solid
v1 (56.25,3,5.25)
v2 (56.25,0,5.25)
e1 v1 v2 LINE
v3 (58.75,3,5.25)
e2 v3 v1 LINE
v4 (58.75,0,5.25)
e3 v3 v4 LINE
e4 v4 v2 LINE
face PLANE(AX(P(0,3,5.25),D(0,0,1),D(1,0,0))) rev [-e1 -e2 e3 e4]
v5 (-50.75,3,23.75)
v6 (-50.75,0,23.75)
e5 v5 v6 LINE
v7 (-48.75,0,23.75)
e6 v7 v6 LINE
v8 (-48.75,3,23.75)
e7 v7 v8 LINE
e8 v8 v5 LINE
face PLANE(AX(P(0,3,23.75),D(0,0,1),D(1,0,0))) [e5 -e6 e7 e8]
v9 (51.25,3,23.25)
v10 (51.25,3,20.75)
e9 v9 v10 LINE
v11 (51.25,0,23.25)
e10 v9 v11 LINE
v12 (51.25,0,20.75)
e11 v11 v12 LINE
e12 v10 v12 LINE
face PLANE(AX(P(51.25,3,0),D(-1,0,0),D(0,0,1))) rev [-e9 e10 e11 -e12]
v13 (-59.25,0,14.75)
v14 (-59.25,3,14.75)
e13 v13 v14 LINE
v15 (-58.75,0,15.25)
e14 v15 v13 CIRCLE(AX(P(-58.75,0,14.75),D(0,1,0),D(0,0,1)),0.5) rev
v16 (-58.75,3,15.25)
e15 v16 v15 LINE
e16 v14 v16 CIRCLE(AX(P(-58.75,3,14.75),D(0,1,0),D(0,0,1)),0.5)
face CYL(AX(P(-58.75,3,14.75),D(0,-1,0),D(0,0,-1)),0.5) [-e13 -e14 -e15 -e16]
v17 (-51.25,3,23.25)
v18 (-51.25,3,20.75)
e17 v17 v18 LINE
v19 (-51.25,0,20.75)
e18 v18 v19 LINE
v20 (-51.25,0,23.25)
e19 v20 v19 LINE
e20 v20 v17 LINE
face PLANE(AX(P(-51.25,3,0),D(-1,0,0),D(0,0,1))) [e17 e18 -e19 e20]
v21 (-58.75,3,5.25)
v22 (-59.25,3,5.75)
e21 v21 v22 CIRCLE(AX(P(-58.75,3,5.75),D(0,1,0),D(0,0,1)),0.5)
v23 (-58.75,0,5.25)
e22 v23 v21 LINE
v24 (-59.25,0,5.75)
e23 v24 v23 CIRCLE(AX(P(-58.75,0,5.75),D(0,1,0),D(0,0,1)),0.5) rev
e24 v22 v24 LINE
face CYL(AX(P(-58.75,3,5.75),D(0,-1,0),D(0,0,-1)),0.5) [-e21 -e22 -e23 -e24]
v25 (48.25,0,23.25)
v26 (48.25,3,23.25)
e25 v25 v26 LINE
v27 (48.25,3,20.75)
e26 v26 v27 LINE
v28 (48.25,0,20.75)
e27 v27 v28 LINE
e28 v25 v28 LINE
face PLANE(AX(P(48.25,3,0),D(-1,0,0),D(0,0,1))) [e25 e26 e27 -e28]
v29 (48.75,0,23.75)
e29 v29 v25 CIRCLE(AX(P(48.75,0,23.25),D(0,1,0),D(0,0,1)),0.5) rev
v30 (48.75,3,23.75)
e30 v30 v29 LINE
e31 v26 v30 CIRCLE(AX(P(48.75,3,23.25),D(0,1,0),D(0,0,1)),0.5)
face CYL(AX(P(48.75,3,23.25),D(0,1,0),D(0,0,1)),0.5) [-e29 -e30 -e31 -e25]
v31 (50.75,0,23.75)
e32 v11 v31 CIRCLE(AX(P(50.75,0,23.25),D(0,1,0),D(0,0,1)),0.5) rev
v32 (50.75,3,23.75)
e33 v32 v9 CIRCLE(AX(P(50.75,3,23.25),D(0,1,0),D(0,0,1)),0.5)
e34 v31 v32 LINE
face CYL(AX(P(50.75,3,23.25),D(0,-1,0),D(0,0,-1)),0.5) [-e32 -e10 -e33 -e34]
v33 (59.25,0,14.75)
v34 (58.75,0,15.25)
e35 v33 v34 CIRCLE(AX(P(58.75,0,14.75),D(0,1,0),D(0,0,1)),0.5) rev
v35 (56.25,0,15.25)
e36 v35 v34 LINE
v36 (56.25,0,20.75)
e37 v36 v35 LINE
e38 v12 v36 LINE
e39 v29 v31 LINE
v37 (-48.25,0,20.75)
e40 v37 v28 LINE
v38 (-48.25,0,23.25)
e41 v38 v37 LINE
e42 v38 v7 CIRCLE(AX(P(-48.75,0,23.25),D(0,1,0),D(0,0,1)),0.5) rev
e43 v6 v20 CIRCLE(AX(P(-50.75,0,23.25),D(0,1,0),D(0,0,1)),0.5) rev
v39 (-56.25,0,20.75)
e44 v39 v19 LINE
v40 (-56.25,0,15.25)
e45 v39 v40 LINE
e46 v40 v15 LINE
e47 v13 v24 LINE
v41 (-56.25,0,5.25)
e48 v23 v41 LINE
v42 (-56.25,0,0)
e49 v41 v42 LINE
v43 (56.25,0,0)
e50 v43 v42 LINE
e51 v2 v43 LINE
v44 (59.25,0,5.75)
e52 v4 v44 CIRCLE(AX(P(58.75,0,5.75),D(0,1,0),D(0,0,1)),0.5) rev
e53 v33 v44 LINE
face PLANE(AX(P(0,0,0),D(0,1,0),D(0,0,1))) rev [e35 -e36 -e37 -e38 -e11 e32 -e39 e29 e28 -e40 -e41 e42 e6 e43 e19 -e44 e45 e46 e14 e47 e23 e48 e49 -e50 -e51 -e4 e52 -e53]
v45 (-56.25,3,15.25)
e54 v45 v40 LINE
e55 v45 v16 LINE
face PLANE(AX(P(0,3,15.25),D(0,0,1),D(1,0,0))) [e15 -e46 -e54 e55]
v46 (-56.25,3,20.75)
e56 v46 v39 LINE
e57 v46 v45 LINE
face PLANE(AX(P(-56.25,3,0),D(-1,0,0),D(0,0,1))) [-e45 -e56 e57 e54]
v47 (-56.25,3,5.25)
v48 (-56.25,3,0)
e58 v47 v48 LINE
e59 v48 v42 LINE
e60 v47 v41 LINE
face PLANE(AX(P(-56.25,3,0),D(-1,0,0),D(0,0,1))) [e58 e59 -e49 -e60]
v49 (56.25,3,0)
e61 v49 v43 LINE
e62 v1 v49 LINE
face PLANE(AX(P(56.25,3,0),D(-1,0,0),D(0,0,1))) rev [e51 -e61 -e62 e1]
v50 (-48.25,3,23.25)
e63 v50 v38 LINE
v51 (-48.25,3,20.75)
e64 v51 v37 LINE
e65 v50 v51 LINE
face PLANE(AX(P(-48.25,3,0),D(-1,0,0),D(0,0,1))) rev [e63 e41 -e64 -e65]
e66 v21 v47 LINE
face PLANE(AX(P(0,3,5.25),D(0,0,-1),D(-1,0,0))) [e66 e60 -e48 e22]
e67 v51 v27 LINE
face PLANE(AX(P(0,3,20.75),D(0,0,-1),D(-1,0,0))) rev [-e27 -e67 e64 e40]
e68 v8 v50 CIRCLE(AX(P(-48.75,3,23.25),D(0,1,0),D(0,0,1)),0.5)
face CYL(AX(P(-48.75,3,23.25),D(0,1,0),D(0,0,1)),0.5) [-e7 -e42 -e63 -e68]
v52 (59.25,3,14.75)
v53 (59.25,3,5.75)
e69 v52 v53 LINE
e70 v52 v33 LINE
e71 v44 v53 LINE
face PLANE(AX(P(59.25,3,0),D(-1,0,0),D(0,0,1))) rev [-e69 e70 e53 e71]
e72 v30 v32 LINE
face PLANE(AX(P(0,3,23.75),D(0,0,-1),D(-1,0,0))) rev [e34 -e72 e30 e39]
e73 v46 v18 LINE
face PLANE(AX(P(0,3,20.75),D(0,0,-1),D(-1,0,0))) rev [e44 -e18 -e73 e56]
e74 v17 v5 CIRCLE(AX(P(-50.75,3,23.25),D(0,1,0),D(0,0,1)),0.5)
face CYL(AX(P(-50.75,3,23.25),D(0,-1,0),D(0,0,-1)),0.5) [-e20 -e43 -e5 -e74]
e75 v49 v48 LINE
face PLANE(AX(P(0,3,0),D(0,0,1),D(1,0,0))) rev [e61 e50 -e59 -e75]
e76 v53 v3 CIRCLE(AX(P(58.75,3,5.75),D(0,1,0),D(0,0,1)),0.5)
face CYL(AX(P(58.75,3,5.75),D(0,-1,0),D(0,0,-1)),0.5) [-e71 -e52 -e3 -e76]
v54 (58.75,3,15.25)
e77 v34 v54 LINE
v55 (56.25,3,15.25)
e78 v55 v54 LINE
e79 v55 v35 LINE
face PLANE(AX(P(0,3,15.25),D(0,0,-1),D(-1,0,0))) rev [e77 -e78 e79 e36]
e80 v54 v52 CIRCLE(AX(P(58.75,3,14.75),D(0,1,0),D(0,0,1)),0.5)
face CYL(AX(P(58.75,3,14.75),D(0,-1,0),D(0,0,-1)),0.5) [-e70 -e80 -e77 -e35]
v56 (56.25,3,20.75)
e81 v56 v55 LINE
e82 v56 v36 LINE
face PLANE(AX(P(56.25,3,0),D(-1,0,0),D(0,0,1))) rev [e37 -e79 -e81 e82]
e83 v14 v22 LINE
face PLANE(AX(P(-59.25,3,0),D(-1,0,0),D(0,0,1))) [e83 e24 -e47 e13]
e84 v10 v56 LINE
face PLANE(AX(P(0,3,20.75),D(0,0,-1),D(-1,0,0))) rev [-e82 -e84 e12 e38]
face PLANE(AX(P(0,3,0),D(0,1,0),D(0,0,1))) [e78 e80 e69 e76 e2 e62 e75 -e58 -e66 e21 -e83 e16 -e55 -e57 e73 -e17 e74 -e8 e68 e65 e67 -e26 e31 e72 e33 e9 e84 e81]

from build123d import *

# Parameters (mm, degrees)
SKETCH_1_W      = 3
SKETCH_1_H      = 3
EXTRUDE_1_DEPTH = 3
FILLET_1_R      = 0.5


with BuildPart() as part:
    # Эскиз1 → Бобышка-Вытянуть1 (new body)
    with BuildSketch(Plane(origin=(0, 0, 0), x_dir=(1, 0, 0), z_dir=(0, 1, 0))):
        Polygon((-56.25, -20.75), (56.25, -20.75), (56.25, -15.25), (59.25, -15.25), (59.25, -5.25), (56.25, -5.25), (56.25, 0), (-56.25, 0), (-56.25, -5.25), (-59.25, -5.25), (-59.25, -15.25), (-56.25, -15.25), align=None)
        with Locations((49.75, -22.25)):
            Rectangle(SKETCH_1_W, SKETCH_1_H)
        with Locations((-49.75, -22.25)):
            Rectangle(SKETCH_1_W, SKETCH_1_H)
    extrude(amount=EXTRUDE_1_DEPTH)

    # Скругление1
    fillet_1_edges = [part.edges().sort_by_distance(p)[0] for p in [
        (-59.25, 1.5, 15.25),
        (-59.25, 1.5, 5.25),
        (59.25, 1.5, 5.25),
        (59.25, 1.5, 15.25),
        (51.25, 1.5, 23.75),
        (48.25, 1.5, 23.75),
        (-48.25, 1.5, 23.75),
        (-51.25, 1.5, 23.75),
    ]]
    fillet(fillet_1_edges, radius=FILLET_1_R)


solid = part.part
